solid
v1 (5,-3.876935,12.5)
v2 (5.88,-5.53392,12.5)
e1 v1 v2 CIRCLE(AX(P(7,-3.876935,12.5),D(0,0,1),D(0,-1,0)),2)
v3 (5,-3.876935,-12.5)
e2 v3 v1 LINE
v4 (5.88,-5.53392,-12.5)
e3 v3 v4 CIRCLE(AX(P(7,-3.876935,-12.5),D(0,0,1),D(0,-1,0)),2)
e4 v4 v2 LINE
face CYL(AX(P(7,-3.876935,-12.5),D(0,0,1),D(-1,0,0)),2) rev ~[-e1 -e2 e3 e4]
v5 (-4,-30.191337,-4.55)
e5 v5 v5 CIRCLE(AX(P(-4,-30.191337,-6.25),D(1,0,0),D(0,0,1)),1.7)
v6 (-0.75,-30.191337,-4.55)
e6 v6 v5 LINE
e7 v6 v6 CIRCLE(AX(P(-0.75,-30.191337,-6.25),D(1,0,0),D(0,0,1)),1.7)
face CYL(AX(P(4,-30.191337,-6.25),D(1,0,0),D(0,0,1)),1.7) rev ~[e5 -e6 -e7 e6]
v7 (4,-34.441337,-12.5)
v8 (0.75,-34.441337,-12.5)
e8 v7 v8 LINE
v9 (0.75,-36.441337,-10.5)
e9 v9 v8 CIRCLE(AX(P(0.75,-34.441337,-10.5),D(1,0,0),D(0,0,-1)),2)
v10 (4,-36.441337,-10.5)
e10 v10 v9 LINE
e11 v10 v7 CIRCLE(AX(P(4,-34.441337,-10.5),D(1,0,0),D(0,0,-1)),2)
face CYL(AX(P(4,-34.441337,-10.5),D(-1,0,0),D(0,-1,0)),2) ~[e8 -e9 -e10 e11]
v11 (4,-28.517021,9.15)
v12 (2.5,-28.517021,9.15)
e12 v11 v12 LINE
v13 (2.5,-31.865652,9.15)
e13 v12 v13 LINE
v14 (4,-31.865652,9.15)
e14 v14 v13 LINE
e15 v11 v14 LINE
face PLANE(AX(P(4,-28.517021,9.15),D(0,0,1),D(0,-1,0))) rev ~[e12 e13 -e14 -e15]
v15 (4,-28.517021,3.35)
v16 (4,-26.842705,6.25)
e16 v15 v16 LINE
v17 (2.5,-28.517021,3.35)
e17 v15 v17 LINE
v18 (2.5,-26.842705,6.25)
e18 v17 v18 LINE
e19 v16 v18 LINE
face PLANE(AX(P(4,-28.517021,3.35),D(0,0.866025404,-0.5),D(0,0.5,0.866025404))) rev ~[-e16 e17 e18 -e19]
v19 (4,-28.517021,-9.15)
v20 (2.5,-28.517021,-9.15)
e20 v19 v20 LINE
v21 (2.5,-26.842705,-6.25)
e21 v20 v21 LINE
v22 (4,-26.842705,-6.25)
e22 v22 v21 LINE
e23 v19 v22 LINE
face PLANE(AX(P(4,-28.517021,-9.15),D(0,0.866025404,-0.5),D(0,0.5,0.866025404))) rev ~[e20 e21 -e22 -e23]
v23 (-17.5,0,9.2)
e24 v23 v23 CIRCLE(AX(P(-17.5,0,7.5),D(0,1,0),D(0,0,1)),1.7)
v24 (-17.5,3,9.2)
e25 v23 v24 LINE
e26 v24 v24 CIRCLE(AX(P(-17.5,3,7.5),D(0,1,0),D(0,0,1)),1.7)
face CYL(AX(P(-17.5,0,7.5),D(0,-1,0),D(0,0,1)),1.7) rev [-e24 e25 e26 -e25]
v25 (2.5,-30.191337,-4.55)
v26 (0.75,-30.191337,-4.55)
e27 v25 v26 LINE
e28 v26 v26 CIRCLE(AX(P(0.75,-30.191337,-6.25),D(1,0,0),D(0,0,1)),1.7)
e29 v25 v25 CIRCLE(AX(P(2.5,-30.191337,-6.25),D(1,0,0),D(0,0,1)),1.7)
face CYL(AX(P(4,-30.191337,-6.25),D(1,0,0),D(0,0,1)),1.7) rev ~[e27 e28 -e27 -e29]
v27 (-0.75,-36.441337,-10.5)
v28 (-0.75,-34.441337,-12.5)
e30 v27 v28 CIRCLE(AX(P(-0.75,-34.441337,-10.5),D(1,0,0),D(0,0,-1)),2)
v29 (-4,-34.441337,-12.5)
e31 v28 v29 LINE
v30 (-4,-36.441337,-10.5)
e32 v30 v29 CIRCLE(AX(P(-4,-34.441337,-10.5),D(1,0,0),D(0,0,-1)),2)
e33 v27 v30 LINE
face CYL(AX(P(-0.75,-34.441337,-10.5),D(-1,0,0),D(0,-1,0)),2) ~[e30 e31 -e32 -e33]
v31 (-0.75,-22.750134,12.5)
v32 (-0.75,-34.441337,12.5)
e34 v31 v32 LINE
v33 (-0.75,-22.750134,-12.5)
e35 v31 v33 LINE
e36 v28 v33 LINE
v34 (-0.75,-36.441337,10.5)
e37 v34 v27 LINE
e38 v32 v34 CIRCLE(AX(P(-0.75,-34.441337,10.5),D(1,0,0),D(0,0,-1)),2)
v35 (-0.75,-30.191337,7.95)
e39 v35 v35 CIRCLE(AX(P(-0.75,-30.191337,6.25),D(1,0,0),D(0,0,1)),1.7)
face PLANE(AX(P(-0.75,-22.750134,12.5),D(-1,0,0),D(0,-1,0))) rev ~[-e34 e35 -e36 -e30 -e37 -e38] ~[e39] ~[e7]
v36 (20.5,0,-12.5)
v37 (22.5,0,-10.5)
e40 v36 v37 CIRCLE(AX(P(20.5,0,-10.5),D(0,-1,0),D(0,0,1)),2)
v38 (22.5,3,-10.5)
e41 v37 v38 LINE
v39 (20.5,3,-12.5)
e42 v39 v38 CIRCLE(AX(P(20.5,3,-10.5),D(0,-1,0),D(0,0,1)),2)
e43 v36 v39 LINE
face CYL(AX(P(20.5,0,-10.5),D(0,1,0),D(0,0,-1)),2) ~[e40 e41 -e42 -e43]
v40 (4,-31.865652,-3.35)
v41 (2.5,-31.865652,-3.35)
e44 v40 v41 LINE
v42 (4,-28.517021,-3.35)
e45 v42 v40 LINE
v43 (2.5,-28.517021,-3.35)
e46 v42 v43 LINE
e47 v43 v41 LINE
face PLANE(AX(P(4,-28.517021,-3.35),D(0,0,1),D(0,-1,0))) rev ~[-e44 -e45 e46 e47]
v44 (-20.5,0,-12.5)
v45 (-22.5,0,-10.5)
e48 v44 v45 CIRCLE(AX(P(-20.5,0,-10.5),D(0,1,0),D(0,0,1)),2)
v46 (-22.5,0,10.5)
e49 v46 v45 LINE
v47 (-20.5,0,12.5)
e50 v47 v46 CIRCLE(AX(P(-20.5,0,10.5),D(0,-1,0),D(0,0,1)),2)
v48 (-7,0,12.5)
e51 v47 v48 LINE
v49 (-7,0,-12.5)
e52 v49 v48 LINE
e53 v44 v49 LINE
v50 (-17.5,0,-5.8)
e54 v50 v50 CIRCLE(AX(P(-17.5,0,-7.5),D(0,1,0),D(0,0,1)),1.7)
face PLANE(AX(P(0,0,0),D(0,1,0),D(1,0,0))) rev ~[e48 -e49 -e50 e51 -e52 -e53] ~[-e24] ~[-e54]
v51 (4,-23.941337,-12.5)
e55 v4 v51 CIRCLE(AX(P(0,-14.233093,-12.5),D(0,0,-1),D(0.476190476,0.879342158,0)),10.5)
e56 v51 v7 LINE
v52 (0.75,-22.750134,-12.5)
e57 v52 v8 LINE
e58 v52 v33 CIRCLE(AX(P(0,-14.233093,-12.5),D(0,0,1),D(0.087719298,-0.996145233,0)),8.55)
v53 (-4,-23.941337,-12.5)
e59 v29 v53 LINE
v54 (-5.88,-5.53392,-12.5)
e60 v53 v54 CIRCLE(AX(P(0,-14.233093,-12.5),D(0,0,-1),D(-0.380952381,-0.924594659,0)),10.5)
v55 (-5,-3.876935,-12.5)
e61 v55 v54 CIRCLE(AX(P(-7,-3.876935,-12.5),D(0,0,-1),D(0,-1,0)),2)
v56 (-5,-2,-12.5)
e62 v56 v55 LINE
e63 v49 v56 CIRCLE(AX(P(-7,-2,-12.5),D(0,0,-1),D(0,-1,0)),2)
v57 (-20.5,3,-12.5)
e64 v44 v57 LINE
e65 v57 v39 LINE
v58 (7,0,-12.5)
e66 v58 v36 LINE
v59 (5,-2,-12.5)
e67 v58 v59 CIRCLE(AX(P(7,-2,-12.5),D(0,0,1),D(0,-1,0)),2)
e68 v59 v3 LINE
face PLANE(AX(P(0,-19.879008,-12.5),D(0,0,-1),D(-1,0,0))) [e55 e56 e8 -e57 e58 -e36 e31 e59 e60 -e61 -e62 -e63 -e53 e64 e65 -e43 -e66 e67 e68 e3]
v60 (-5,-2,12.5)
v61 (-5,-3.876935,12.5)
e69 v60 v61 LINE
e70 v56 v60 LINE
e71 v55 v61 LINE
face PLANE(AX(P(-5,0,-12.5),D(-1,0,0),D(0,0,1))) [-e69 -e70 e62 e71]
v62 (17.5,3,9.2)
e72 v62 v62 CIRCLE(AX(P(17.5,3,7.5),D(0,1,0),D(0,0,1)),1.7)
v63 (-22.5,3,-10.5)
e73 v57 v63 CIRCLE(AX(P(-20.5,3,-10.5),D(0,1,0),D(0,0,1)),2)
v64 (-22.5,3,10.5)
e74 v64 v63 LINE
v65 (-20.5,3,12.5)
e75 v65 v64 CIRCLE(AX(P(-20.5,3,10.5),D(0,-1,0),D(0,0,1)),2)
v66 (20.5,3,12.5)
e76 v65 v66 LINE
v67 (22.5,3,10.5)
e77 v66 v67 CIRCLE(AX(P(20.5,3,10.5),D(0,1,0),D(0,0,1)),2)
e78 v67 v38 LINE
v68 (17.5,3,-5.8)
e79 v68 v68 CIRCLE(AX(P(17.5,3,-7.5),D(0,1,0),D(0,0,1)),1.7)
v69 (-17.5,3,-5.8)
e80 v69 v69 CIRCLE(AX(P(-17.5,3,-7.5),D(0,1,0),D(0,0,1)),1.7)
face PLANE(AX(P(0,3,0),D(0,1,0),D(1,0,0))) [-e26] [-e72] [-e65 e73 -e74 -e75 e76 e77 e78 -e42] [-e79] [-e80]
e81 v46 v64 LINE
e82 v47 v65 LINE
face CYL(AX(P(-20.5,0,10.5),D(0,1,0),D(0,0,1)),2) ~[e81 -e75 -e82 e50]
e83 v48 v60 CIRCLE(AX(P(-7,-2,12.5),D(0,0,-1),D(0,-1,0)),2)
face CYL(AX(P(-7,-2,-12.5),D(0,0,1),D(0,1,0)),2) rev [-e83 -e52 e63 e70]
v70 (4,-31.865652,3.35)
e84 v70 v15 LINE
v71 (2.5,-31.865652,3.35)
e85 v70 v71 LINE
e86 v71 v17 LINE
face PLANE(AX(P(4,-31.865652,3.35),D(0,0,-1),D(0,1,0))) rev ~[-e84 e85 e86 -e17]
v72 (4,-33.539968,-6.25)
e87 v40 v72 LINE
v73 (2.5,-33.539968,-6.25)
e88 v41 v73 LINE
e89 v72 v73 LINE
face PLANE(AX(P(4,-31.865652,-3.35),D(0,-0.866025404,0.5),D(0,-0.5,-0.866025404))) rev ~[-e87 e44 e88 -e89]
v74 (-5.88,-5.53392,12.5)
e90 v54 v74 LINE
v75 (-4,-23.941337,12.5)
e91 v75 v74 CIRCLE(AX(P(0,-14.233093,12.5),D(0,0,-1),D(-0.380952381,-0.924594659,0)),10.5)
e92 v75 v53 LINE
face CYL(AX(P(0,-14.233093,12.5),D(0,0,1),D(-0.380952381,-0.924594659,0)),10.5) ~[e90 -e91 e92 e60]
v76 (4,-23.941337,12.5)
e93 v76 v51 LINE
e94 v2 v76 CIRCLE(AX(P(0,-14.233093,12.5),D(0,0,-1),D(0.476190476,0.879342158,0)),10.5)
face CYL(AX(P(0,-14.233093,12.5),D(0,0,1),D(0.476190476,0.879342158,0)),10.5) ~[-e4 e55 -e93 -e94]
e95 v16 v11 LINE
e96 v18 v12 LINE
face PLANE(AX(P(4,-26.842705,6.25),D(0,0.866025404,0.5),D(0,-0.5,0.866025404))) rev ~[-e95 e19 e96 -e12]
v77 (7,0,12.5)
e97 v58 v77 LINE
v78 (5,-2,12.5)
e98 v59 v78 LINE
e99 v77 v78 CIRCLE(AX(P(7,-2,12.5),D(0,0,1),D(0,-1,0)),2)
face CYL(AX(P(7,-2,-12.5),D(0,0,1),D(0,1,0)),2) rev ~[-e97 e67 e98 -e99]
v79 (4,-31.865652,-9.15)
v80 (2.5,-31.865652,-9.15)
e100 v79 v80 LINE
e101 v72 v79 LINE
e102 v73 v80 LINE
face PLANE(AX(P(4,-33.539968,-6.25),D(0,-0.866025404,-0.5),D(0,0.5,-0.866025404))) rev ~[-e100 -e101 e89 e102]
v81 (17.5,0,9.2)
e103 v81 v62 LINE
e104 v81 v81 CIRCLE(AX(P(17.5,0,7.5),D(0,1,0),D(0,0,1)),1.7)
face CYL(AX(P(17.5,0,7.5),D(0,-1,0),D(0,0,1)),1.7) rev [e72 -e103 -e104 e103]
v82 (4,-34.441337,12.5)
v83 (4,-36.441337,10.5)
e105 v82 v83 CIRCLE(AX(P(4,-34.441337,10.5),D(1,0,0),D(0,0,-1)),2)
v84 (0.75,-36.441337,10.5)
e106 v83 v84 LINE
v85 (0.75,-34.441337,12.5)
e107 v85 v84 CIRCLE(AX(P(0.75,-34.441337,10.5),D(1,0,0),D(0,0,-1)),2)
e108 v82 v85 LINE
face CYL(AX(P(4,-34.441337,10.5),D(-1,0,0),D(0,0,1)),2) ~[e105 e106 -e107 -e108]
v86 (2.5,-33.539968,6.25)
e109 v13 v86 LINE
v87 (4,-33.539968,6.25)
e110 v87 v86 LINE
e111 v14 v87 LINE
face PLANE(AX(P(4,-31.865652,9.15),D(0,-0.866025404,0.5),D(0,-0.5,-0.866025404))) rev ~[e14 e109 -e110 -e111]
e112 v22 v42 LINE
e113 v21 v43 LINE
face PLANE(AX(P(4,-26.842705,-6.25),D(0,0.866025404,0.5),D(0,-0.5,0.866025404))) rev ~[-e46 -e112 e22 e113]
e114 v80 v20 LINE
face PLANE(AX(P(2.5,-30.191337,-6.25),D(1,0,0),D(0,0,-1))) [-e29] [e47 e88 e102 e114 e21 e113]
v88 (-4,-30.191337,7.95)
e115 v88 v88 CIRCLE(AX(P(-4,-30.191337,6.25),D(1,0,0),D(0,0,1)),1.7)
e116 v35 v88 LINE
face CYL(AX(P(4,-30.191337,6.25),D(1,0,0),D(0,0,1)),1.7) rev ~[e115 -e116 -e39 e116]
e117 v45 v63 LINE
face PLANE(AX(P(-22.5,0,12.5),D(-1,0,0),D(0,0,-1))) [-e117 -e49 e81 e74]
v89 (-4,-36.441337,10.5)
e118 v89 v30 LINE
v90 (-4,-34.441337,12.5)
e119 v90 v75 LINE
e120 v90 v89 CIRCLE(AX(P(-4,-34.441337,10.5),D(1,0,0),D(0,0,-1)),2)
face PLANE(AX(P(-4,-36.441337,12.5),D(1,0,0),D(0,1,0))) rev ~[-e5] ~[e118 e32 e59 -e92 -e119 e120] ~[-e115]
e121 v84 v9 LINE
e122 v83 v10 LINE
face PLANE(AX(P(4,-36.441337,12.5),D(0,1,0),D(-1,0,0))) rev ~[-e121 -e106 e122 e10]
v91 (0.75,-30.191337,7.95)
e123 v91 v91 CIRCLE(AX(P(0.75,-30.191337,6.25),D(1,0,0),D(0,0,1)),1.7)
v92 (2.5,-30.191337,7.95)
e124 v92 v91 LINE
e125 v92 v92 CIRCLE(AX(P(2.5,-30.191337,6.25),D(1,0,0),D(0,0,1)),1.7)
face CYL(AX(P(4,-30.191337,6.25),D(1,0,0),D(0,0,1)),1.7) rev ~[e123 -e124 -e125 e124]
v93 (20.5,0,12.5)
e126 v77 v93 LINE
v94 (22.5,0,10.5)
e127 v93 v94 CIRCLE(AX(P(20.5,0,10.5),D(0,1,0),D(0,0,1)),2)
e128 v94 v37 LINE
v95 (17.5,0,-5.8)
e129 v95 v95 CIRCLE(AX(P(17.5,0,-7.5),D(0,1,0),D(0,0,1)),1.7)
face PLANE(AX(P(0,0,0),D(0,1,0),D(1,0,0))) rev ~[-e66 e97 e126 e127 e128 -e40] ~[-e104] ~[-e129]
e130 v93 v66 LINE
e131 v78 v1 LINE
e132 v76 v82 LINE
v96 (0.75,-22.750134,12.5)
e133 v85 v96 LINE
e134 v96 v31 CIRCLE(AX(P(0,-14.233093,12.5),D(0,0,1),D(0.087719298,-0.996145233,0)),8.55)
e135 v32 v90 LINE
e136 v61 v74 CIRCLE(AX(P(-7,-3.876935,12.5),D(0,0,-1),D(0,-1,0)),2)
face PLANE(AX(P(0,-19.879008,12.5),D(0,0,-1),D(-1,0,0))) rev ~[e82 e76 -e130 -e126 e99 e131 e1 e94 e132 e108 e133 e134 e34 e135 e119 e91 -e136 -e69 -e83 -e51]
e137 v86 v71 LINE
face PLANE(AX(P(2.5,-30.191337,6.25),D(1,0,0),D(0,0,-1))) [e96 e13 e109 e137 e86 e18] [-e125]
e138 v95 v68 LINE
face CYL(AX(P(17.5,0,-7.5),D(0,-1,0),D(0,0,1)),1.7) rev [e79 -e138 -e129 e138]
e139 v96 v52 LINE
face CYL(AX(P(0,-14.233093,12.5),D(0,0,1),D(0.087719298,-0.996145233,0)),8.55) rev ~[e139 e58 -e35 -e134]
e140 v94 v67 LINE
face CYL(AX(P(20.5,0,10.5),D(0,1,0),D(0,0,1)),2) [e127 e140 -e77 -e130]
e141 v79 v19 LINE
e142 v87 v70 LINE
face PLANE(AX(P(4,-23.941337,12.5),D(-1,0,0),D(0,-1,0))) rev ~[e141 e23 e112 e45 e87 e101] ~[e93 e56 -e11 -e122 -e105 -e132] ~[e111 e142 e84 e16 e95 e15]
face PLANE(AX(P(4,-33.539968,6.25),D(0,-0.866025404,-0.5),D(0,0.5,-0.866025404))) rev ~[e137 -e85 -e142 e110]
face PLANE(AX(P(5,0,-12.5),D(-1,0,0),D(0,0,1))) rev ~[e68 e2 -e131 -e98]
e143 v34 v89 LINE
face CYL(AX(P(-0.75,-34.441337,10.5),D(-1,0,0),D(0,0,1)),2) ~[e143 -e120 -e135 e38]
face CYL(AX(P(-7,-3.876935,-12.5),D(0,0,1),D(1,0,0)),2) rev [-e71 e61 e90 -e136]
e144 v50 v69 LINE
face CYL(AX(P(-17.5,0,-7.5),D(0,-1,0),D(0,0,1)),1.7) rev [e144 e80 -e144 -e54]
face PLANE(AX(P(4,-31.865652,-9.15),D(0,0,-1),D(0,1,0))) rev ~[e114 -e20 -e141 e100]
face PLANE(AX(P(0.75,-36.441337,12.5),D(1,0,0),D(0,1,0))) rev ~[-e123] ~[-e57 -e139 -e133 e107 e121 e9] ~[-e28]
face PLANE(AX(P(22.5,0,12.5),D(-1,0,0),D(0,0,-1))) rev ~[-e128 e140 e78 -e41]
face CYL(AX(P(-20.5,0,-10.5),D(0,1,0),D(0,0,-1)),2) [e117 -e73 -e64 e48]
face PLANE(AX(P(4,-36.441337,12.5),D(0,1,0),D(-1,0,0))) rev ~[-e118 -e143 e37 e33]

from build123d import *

# Parameters (mm, degrees)
SKETCH1_W           = 45
SKETCH1_H           = 25
SKETCH1_R           = 1.7
BOSS_EXTRUDE1_DEPTH = 3
SKETCH2_W           = 10
SKETCH2_H           = 25
BOSS_EXTRUDE2_DEPTH = 5
BOSS_EXTRUDE3_DEPTH = 25
CUT_EXTRUDE1_DEPTH  = 50.590533486
SKETCH5_R           = 1.7
CUT_EXTRUDE2_DEPTH  = 47.75971569
CUT_EXTRUDE3_DEPTH  = 1.5
FILLET1_R           = 2
FILLET2_R           = 2
FILLET3_R           = 2


with BuildPart() as part:
    # Sketch1 → Boss-Extrude1 (new body)
    with BuildSketch(Plane(origin=(0, 0, 0), x_dir=(1, 0, 0), z_dir=(0, 1, 0))):
        Rectangle(SKETCH1_W, SKETCH1_H)
        with Locations(Location((-17.5, 7.5, 0), (0, 0, 270))):
            Circle(SKETCH1_R, mode=Mode.SUBTRACT)
        with Locations(Location((17.5, 7.5, 0), (0, 0, 270))):
            Circle(SKETCH1_R, mode=Mode.SUBTRACT)
        with Locations(Location((17.5, -7.5, 0), (0, 0, 270))):
            Circle(SKETCH1_R, mode=Mode.SUBTRACT)
        with Locations(Location((-17.5, -7.5, 0), (0, 0, 270))):
            Circle(SKETCH1_R, mode=Mode.SUBTRACT)
    extrude(amount=BOSS_EXTRUDE1_DEPTH)

    # Sketch2 → Boss-Extrude2 (add)
    with BuildSketch(Plane.XZ):
        Rectangle(SKETCH2_W, SKETCH2_H)
    extrude(amount=BOSS_EXTRUDE2_DEPTH)

    # Sketch3 → Boss-Extrude3 (add)
    with BuildSketch(Plane.XY.offset(12.5)):
        with BuildLine():
            Line((4, -23.941336576), (4, -36.441336576))
            Line((4, -36.441336576), (-4, -36.441336576))
            Line((-4, -36.441336576), (-4, -23.941336576))
            ThreePointArc((-4, -23.941336576), (-10.485397361, -14.786664856), (-5, -5))
            Line((-5, -5), (5, -5))
            ThreePointArc((5, -5), (10.485397361, -14.786664856), (4, -23.941336576))
        make_face()
    extrude(amount=-BOSS_EXTRUDE3_DEPTH)

    # Sketch4 → Cut-Extrude1 (cut, through all)
    with BuildSketch(Plane.XY.offset(12.5)):
        with BuildLine():
            Line((-0.75, -22.750134396), (-0.75, -36.441336576))
            Line((-0.75, -36.441336576), (0.75, -36.441336576))
            Line((0.75, -36.441336576), (0.75, -22.750134396))
            ThreePointArc((0.75, -22.750134396), (0, -5.683092656), (-0.75, -22.750134396))
        make_face()
    extrude(amount=-CUT_EXTRUDE1_DEPTH, mode=Mode.SUBTRACT)

    # Sketch5 → Cut-Extrude2 (cut, through all)
    with BuildSketch(Plane(origin=(4, 0, 0), x_dir=(0, 0, -1), z_dir=(1, 0, 0))):
        with Locations(Location((-6.25, -30.191336576, 0), (0, 0, 180))):
            Circle(SKETCH5_R)
        with Locations(Location((6.25, -30.191336576, 0), (0, 0, 180))):
            Circle(SKETCH5_R)
    extrude(amount=-CUT_EXTRUDE2_DEPTH, mode=Mode.SUBTRACT)

    # Sketch6 → Cut-Extrude3 (cut)
    with BuildSketch(Plane(origin=(4, 0, 0), x_dir=(0, 0, -1), z_dir=(1, 0, 0))):
        Polygon((9.15, -28.517020795), (6.25, -26.842705014), (3.35, -28.517020795), (3.35, -31.865652356), (6.25, -33.539968137), (9.15, -31.865652356), align=None)
        Polygon((-3.35, -28.517020795), (-6.25, -26.842705014), (-9.15, -28.517020795), (-9.15, -31.865652356), (-6.25, -33.539968137), (-3.35, -31.865652356), align=None)
    extrude(amount=-CUT_EXTRUDE3_DEPTH, mode=Mode.SUBTRACT)

    # Fillet1
    fillet1_edges = [part.edges().sort_by_distance(p)[0] for p in [
        (-22.5, 1.5, -12.5),
        (22.5, 1.5, -12.5),
        (22.5, 1.5, 12.5),
        (-22.5, 1.5, 12.5),
    ]]
    fillet(fillet1_edges, radius=FILLET1_R)

    # Fillet2
    fillet2_edges = [part.edges().sort_by_distance(p)[0] for p in [
        (-5, 0, 0),
        (5, 0, 0),
        (-5, -5, 0),
        (5, -5, 0),
    ]]
    fillet(fillet2_edges, radius=FILLET2_R)

    # Fillet3
    fillet3_edges = [part.edges().sort_by_distance(p)[0] for p in [
        (-2.375, -36.441336576, 12.5),
        (2.375, -36.441336576, -12.5),
        (-2.375, -36.441336576, -12.5),
        (2.375, -36.441336576, 12.5),
    ]]
    fillet(fillet3_edges, radius=FILLET3_R)


solid = part.part
